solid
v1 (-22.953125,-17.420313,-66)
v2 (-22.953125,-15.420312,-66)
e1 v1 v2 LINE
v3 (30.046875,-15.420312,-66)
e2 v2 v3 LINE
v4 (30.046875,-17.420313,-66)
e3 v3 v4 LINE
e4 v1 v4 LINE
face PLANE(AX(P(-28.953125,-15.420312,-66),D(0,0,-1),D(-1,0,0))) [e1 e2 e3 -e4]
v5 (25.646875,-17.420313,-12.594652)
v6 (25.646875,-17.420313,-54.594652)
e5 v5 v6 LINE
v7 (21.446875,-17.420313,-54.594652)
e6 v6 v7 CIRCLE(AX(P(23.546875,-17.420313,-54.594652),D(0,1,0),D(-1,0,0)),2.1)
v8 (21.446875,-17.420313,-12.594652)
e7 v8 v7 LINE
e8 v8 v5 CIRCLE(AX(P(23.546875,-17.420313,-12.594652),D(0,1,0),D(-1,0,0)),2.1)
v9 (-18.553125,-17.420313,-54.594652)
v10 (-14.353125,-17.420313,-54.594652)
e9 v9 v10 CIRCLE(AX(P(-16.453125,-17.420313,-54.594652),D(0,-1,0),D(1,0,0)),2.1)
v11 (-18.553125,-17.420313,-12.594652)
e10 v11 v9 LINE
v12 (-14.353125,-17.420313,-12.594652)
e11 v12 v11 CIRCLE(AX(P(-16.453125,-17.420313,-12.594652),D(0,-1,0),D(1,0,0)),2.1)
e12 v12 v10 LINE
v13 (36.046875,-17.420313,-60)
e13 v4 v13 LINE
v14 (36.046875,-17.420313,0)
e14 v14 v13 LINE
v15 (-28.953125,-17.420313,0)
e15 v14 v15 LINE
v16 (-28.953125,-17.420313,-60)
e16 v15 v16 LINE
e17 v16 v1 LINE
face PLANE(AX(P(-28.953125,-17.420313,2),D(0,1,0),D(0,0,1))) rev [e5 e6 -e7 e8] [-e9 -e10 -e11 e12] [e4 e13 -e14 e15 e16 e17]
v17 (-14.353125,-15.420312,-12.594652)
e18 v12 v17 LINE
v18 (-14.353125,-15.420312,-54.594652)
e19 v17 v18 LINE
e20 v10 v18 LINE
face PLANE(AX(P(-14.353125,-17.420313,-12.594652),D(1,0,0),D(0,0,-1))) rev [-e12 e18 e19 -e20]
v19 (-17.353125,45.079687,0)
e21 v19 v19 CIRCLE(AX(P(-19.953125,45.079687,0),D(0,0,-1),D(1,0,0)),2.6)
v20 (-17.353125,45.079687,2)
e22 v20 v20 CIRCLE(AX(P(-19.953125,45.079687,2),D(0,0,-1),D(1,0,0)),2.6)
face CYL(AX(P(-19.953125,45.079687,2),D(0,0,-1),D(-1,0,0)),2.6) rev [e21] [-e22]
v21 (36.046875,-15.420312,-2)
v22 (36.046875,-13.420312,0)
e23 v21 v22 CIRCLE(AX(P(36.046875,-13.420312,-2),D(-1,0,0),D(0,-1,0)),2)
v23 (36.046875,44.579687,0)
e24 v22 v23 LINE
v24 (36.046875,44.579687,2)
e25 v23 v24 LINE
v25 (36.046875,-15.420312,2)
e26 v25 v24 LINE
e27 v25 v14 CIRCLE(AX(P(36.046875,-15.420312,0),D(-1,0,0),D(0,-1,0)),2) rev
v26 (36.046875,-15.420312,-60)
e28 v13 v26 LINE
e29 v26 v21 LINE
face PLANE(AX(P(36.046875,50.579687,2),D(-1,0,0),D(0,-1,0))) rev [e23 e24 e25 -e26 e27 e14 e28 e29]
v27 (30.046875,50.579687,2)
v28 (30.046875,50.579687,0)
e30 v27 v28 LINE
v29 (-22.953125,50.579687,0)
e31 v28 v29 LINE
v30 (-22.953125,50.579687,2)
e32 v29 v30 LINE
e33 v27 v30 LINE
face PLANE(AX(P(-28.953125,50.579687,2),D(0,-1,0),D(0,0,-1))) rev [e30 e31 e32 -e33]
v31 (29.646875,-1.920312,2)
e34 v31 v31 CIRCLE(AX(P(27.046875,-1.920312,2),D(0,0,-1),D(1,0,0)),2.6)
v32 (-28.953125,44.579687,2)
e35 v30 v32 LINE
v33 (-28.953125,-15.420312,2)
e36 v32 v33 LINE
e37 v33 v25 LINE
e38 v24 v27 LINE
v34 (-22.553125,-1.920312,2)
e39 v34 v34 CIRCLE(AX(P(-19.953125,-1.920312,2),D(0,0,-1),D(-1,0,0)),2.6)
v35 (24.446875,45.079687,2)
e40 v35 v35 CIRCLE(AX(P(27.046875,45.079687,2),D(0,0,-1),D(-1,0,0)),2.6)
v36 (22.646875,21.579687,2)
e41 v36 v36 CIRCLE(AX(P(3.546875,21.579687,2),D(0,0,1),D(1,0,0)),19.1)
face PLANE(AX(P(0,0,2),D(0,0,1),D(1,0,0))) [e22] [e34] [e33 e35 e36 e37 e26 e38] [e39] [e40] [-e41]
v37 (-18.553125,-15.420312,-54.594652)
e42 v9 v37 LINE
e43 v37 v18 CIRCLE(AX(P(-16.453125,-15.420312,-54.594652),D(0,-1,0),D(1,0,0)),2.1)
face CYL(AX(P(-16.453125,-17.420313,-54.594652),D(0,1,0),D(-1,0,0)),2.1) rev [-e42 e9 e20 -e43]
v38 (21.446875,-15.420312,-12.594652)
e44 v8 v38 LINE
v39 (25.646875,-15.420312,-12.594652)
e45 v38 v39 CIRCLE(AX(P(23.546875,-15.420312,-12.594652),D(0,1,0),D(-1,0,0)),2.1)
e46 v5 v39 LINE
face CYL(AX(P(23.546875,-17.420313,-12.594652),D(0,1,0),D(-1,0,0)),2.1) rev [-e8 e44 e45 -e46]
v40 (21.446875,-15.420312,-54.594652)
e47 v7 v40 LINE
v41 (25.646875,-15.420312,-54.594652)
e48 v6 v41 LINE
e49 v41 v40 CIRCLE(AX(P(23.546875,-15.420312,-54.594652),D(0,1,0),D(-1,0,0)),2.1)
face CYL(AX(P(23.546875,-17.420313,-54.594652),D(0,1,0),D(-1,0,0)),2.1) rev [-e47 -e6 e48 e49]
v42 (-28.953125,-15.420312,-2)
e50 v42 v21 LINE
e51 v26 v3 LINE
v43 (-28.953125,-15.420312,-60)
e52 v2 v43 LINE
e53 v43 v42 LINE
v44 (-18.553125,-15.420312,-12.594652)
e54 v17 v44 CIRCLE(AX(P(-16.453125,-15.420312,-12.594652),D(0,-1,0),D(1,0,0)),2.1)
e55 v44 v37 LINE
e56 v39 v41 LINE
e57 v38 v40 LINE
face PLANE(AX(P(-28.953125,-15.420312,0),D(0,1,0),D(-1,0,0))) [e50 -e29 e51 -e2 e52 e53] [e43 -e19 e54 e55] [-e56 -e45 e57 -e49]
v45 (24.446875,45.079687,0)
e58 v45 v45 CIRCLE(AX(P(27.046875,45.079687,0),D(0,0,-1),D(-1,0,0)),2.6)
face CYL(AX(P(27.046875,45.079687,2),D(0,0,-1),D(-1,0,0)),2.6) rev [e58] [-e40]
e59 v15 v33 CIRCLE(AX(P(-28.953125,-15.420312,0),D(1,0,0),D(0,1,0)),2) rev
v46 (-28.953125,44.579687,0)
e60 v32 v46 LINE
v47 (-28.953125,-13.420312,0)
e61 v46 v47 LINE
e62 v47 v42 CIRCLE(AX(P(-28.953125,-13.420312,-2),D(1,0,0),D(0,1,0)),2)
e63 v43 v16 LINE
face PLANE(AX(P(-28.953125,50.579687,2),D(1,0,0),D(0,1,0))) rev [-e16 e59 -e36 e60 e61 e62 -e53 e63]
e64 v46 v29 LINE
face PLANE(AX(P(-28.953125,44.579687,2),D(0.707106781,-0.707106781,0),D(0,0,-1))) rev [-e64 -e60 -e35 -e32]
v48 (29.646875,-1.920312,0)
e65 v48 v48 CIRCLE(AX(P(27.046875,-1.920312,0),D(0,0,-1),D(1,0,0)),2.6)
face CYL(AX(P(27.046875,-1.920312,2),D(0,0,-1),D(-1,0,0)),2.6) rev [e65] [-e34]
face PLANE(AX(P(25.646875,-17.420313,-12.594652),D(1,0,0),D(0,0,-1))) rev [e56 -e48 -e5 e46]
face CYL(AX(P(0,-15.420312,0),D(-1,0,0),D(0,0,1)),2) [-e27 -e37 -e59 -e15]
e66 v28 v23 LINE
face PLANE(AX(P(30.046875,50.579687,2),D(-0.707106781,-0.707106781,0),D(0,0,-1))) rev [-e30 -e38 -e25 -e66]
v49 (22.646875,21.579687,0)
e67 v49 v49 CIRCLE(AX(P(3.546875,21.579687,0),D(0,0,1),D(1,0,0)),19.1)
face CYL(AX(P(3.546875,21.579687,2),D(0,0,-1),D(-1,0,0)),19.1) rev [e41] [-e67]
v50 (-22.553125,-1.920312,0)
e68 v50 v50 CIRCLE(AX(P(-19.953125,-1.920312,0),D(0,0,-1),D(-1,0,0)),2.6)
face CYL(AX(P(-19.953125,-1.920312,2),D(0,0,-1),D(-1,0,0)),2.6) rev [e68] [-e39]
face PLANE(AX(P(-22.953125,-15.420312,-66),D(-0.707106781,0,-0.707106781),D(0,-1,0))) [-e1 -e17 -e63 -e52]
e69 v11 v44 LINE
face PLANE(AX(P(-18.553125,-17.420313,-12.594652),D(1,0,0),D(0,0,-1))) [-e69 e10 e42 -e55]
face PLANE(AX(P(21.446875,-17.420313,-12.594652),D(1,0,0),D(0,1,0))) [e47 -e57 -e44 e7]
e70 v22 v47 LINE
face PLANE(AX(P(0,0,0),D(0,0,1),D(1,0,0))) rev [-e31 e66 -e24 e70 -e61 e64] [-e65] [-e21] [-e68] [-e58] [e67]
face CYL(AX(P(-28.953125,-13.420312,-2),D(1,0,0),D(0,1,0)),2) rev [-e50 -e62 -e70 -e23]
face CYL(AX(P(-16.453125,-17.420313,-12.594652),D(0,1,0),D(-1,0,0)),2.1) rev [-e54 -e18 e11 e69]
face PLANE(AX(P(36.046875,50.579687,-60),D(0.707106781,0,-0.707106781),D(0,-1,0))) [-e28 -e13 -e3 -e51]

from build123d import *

# Parameters (mm, degrees)
SKETCH_1_W          = 65
SKETCH_1_H          = 68
SKETCH_1_R          = 19.1
EXTRUDE_1_DEPTH     = 2
SKETCH_3_W          = 66
SKETCH_3_H          = 2
EXTRUDE_2_DEPTH     = 65
CUT_EXTRUDE_2_DEPTH = 101.056869815
CHAMFER_2_SIZE      = 6
CHAMFER_3_SIZE      = 6
CHAMFER_4_SIZE      = 6
CHAMFER_5_SIZE      = 6
FILLET_1_R          = 2
FILLET_2_R          = 2
SKETCH_5_R          = 2.6
CUT_EXTRUDE_3_DEPTH = 91.629366018


with BuildPart() as part:
    # 草图1 → 凸台-拉伸1 (new body)
    with BuildSketch(Plane.XY):
        with Locations((3.546875, 16.5796875)):
            Rectangle(SKETCH_1_W, SKETCH_1_H)
        with Locations((3.546875, 21.5796875)):
            Circle(SKETCH_1_R, mode=Mode.SUBTRACT)
    extrude(amount=EXTRUDE_1_DEPTH)

    # 草图3 → 凸台-拉伸2 (add)
    with BuildSketch(Plane(origin=(36.046875, 0, 0), x_dir=(0, 0, -1), z_dir=(1, 0, 0))):
        with Locations((33, -16.4203125)):
            Rectangle(SKETCH_3_W, SKETCH_3_H)
    extrude(amount=-EXTRUDE_2_DEPTH)

    # 草图4 → 切除-拉伸2 (cut, through all)
    with BuildSketch(Plane(origin=(0, -15.4203125, 0), x_dir=(1, 0, 0), z_dir=(0, 1, 0))):
        with BuildLine():
            Line((21.446875, 12.59465164), (21.446875, 54.59465164))
            ThreePointArc((21.446875, 54.59465164), (23.546875, 56.69465164), (25.646875, 54.59465164))
            Line((25.646875, 54.59465164), (25.646875, 12.59465164))
            ThreePointArc((25.646875, 12.59465164), (23.546875, 10.49465164), (21.446875, 12.59465164))
        make_face()
        with BuildLine():
            Line((-14.353125, 12.59465164), (-14.353125, 54.59465164))
            ThreePointArc((-14.353125, 54.59465164), (-16.453125, 56.69465164), (-18.553125, 54.59465164))
            Line((-18.553125, 54.59465164), (-18.553125, 12.59465164))
            ThreePointArc((-18.553125, 12.59465164), (-16.453125, 10.49465164), (-14.353125, 12.59465164))
        make_face()
    extrude(amount=-CUT_EXTRUDE_2_DEPTH, mode=Mode.SUBTRACT)

    # 倒角2
    chamfer_2_edges = [part.edges().sort_by_distance(p)[0] for p in [
        (36.046875, -16.4203125, -66),
    ]]
    chamfer(chamfer_2_edges, length=CHAMFER_2_SIZE)

    # 倒角3
    chamfer_3_edges = [part.edges().sort_by_distance(p)[0] for p in [
        (-28.953125, -16.4203125, -66),
    ]]
    chamfer(chamfer_3_edges, length=CHAMFER_3_SIZE)

    # 倒角4
    chamfer_4_edges = [part.edges().sort_by_distance(p)[0] for p in [
        (-28.953125, 50.5796875, 1),
    ]]
    chamfer(chamfer_4_edges, length=CHAMFER_4_SIZE)

    # 倒角5
    chamfer_5_edges = [part.edges().sort_by_distance(p)[0] for p in [
        (36.046875, 50.5796875, 1),
    ]]
    chamfer(chamfer_5_edges, length=CHAMFER_5_SIZE)

    # 圆角1
    fillet_1_edges = [part.edges().sort_by_distance(p)[0] for p in [
        (3.546875, -17.4203125, 2),
    ]]
    fillet(fillet_1_edges, radius=FILLET_1_R)

    # 圆角2
    fillet_2_edges = [part.edges().sort_by_distance(p)[0] for p in [
        (3.546875, -15.4203125, 0),
    ]]
    fillet(fillet_2_edges, radius=FILLET_2_R)

    # 草图5 → 切除-拉伸3 (cut, through all)
    with BuildSketch(Plane(origin=(0, 0, 0), x_dir=(-1, 0, 0), z_dir=(0, 0, -1))):
        with Locations((-27.046875, 45.0796875)):
            Circle(SKETCH_5_R)
        with Locations(Location((19.953125, 45.0796875, 0), (0, 0, 180))):
            Circle(SKETCH_5_R)
        with Locations((19.953125, -1.9203125)):
            Circle(SKETCH_5_R)
        with Locations(Location((-27.046875, -1.9203125, 0), (0, 0, 180))):
            Circle(SKETCH_5_R)
    extrude(amount=-CUT_EXTRUDE_3_DEPTH, mode=Mode.SUBTRACT)


solid = part.part
